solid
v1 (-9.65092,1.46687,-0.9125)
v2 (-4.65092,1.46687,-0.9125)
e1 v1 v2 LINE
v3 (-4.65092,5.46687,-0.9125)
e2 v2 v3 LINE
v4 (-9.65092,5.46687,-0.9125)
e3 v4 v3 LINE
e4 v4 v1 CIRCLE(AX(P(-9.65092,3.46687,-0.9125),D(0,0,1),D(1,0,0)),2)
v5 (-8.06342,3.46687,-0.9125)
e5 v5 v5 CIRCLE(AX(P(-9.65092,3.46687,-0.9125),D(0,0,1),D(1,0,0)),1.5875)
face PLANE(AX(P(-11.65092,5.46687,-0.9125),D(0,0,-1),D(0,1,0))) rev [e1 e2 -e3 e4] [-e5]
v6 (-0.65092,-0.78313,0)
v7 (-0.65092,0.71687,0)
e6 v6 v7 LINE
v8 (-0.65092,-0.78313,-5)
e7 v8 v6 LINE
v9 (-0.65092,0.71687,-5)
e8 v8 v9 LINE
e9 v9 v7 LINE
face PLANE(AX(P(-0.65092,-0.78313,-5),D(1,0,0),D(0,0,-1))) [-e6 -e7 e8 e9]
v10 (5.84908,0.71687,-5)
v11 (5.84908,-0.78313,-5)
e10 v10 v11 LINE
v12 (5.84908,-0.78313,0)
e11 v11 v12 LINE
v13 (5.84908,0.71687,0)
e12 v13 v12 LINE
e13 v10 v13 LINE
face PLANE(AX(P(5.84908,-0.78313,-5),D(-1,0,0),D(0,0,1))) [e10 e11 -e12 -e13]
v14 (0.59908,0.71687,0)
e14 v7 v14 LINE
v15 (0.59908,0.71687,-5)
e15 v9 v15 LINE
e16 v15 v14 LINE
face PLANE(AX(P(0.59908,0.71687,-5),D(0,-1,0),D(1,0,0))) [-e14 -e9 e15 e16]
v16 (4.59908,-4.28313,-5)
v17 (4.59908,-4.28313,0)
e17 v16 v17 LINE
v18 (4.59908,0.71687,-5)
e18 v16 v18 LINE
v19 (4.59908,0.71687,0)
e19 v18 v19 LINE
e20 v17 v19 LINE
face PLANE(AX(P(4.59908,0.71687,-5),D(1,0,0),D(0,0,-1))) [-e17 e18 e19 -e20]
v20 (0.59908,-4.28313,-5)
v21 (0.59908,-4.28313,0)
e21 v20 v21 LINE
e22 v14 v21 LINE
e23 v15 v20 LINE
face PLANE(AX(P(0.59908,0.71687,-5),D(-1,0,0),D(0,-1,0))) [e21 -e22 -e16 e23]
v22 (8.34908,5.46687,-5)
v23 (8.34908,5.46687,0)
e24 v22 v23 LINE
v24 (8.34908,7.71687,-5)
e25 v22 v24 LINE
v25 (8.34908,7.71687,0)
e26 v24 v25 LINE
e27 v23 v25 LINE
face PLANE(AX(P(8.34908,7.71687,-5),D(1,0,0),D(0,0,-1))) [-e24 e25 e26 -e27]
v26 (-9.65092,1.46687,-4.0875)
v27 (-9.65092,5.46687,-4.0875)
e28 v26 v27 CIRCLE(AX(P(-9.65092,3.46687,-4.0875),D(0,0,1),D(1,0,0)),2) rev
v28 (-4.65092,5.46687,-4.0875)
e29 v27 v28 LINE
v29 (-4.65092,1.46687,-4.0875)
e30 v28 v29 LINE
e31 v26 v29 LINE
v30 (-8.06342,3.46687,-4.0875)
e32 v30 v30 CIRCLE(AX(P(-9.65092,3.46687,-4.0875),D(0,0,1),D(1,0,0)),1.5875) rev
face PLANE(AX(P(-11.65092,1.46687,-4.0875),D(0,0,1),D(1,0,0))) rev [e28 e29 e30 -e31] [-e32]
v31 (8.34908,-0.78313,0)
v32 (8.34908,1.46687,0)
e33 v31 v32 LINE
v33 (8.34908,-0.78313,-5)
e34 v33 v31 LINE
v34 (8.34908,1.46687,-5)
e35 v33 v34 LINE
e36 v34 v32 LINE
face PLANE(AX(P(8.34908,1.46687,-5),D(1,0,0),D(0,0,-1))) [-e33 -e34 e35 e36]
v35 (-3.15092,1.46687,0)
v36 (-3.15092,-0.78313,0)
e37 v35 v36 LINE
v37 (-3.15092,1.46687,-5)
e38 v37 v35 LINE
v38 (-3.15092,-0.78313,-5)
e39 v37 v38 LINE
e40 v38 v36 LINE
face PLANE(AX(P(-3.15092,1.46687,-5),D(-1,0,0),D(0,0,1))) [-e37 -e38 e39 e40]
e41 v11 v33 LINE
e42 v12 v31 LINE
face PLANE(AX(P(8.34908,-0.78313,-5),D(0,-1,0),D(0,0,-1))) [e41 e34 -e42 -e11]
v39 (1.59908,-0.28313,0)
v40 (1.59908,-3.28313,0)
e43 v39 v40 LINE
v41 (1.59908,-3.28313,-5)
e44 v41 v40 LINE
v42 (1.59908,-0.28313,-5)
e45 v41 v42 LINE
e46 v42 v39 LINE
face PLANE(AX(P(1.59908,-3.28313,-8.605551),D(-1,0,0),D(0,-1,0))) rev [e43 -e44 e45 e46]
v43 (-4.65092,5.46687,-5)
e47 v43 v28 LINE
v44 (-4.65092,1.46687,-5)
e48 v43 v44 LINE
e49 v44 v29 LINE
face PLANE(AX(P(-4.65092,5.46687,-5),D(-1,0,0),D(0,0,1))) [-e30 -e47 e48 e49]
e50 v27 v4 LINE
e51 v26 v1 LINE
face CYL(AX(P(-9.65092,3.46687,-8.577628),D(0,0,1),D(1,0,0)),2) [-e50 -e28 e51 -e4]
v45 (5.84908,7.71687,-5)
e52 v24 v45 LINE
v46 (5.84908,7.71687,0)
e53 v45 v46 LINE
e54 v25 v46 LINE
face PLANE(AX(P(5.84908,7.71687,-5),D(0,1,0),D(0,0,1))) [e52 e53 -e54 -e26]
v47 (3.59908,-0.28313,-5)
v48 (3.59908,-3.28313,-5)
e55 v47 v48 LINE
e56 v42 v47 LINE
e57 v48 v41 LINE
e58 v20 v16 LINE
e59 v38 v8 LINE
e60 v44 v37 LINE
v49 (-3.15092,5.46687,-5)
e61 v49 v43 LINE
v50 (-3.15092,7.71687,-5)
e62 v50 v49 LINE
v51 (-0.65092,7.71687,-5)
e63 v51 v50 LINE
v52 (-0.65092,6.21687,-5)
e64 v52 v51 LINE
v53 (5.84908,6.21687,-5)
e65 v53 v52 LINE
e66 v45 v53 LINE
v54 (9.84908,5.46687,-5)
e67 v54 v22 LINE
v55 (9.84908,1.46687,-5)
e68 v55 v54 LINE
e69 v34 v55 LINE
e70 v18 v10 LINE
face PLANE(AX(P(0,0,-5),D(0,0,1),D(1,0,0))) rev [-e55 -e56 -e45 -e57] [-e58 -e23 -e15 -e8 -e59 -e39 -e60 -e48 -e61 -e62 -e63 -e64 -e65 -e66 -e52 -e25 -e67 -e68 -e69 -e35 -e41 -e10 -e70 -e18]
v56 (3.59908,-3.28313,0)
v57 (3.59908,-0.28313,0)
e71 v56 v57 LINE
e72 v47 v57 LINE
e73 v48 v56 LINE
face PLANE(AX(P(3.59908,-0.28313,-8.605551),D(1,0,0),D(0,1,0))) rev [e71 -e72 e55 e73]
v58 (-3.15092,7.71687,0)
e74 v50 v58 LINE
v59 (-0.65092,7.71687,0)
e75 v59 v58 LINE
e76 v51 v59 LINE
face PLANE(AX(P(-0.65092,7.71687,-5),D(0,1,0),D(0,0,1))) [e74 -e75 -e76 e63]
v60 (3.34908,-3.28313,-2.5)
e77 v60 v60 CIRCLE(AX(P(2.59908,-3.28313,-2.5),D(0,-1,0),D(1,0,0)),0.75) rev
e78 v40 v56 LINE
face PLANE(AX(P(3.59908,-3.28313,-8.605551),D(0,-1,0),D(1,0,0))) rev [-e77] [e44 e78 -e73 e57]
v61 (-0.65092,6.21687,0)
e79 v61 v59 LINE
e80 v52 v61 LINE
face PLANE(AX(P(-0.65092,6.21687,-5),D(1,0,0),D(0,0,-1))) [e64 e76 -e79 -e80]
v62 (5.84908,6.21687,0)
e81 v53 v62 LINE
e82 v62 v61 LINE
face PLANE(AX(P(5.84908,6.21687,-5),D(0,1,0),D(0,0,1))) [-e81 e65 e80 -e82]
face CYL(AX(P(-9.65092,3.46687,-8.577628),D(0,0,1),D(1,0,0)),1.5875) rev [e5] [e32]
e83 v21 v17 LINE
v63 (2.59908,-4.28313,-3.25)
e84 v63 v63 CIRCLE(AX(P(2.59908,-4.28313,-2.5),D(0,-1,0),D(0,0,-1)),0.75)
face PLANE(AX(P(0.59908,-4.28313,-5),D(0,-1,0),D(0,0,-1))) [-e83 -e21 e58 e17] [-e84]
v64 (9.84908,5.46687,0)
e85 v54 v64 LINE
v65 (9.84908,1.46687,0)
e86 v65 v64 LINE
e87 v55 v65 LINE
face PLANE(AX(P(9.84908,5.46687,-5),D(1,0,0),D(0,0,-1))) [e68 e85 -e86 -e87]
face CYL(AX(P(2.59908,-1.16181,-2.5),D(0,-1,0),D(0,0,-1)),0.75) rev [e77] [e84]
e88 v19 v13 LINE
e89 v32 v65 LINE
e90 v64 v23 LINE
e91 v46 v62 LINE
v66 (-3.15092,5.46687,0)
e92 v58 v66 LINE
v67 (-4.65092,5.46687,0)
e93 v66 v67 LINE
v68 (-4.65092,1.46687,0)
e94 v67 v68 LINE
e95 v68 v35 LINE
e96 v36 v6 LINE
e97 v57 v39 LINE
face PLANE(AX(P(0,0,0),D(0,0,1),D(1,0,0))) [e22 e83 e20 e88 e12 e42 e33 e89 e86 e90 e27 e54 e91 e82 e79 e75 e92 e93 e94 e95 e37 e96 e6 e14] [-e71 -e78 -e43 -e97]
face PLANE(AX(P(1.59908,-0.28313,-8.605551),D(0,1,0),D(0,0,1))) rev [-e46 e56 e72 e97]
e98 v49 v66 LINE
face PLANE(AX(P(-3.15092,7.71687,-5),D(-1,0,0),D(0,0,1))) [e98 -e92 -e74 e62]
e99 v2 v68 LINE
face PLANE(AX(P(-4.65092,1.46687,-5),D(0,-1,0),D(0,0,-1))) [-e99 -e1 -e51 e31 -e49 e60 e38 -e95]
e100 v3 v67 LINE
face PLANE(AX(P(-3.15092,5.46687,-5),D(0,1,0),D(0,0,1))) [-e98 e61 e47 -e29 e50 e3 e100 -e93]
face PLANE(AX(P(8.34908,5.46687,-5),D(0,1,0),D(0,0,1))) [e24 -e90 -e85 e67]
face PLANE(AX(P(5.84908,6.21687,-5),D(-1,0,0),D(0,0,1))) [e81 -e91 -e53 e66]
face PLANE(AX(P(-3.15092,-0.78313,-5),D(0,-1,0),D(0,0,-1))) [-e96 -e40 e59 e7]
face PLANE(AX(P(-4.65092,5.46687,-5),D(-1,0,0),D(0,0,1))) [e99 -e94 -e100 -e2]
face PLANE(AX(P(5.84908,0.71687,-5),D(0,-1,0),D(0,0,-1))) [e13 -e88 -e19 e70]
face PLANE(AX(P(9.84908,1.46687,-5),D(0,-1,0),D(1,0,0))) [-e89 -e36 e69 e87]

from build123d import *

# Parameters (mm, degrees)
BOSS_EXTRUDE1_DEPTH = 5
SKETCH2_W           = 3.175
SKETCH2_H           = 4
BOSS_EXTRUDE2_DEPTH = 7
SKETCH5_R           = 1.5875
CUT_EXTRUDE3_DEPTH  = 3.175
SKETCH6_W           = 2
SKETCH6_H           = 3
CUT_EXTRUDE4_DEPTH  = 5
SKETCH7_R           = 0.75
CUT_EXTRUDE5_DEPTH  = 1


with BuildPart() as part:
    # Sketch1 → Boss-Extrude1 (new body)
    with BuildSketch(Plane.XY):
        Polygon((-0.65091967, 7.716869785), (-3.15091967, 7.716869785), (-3.15091967, 5.466869785), (-4.65091967, 5.466869785), (-4.65091967, 1.466869785), (-3.15091967, 1.466869785), (-3.15091967, -0.783130215), (-0.65091967, -0.783130215), (-0.65091967, 0.716869785), (0.59908033, 0.716869785), (0.59908033, -4.283130215), (4.59908033, -4.283130215), (4.59908033, 0.466869785), (4.59908033, 0.716869785), (5.84908033, 0.716869785), (5.84908033, -0.783130215), (8.34908033, -0.783130215), (8.34908033, 1.466869785), (9.84908033, 1.466869785), (9.84908033, 5.466869785), (8.34908033, 5.466869785), (8.34908033, 7.716869785), (5.84908033, 7.716869785), (5.84908033, 6.216869785), (-0.65091967, 6.216869785), align=None)
    extrude(amount=-BOSS_EXTRUDE1_DEPTH)

    # Sketch2 → Boss-Extrude2 (add)
    with BuildSketch(Plane.ZY.offset(4.65091967)):
        with Locations((-2.5, 3.466869785)):
            Rectangle(SKETCH2_W, SKETCH2_H)
    extrude(amount=BOSS_EXTRUDE2_DEPTH)

    # Sketch5 → Cut-Extrude3 (cut)
    with BuildSketch(Plane.XY.offset(-0.9125)):
        with BuildLine():
            ThreePointArc((-11.65091967, 3.466869785), (-11.065133233, 4.881083347), (-9.65091967, 5.466869785))
            Line((-9.65091967, 5.466869785), (-11.65091967, 5.466869785))
            Line((-11.65091967, 5.466869785), (-11.65091967, 3.466869785))
        make_face()
        with BuildLine():
            ThreePointArc((-9.65091967, 1.466869785), (-11.065133233, 2.052656222), (-11.65091967, 3.466869785))
            Line((-11.65091967, 3.466869785), (-11.65091967, 1.466869785))
            Line((-11.65091967, 1.466869785), (-9.65091967, 1.466869785))
        make_face()
        with Locations((-9.65091967, 3.466869785)):
            Circle(SKETCH5_R)
    extrude(amount=-CUT_EXTRUDE3_DEPTH, mode=Mode.SUBTRACT)

    # Sketch6 → Cut-Extrude4 (cut)
    with BuildSketch(Plane.XY):
        with Locations((2.59908033, -1.783130215)):
            Rectangle(SKETCH6_W, SKETCH6_H)
    extrude(amount=-CUT_EXTRUDE4_DEPTH, mode=Mode.SUBTRACT)

    # Sketch7 → Cut-Extrude5 (cut)
    with BuildSketch(Plane.XZ.offset(4.283130215)):
        with Locations((2.59908033, -2.5)):
            Circle(SKETCH7_R)
    extrude(amount=-CUT_EXTRUDE5_DEPTH, mode=Mode.SUBTRACT)


solid = part.part
